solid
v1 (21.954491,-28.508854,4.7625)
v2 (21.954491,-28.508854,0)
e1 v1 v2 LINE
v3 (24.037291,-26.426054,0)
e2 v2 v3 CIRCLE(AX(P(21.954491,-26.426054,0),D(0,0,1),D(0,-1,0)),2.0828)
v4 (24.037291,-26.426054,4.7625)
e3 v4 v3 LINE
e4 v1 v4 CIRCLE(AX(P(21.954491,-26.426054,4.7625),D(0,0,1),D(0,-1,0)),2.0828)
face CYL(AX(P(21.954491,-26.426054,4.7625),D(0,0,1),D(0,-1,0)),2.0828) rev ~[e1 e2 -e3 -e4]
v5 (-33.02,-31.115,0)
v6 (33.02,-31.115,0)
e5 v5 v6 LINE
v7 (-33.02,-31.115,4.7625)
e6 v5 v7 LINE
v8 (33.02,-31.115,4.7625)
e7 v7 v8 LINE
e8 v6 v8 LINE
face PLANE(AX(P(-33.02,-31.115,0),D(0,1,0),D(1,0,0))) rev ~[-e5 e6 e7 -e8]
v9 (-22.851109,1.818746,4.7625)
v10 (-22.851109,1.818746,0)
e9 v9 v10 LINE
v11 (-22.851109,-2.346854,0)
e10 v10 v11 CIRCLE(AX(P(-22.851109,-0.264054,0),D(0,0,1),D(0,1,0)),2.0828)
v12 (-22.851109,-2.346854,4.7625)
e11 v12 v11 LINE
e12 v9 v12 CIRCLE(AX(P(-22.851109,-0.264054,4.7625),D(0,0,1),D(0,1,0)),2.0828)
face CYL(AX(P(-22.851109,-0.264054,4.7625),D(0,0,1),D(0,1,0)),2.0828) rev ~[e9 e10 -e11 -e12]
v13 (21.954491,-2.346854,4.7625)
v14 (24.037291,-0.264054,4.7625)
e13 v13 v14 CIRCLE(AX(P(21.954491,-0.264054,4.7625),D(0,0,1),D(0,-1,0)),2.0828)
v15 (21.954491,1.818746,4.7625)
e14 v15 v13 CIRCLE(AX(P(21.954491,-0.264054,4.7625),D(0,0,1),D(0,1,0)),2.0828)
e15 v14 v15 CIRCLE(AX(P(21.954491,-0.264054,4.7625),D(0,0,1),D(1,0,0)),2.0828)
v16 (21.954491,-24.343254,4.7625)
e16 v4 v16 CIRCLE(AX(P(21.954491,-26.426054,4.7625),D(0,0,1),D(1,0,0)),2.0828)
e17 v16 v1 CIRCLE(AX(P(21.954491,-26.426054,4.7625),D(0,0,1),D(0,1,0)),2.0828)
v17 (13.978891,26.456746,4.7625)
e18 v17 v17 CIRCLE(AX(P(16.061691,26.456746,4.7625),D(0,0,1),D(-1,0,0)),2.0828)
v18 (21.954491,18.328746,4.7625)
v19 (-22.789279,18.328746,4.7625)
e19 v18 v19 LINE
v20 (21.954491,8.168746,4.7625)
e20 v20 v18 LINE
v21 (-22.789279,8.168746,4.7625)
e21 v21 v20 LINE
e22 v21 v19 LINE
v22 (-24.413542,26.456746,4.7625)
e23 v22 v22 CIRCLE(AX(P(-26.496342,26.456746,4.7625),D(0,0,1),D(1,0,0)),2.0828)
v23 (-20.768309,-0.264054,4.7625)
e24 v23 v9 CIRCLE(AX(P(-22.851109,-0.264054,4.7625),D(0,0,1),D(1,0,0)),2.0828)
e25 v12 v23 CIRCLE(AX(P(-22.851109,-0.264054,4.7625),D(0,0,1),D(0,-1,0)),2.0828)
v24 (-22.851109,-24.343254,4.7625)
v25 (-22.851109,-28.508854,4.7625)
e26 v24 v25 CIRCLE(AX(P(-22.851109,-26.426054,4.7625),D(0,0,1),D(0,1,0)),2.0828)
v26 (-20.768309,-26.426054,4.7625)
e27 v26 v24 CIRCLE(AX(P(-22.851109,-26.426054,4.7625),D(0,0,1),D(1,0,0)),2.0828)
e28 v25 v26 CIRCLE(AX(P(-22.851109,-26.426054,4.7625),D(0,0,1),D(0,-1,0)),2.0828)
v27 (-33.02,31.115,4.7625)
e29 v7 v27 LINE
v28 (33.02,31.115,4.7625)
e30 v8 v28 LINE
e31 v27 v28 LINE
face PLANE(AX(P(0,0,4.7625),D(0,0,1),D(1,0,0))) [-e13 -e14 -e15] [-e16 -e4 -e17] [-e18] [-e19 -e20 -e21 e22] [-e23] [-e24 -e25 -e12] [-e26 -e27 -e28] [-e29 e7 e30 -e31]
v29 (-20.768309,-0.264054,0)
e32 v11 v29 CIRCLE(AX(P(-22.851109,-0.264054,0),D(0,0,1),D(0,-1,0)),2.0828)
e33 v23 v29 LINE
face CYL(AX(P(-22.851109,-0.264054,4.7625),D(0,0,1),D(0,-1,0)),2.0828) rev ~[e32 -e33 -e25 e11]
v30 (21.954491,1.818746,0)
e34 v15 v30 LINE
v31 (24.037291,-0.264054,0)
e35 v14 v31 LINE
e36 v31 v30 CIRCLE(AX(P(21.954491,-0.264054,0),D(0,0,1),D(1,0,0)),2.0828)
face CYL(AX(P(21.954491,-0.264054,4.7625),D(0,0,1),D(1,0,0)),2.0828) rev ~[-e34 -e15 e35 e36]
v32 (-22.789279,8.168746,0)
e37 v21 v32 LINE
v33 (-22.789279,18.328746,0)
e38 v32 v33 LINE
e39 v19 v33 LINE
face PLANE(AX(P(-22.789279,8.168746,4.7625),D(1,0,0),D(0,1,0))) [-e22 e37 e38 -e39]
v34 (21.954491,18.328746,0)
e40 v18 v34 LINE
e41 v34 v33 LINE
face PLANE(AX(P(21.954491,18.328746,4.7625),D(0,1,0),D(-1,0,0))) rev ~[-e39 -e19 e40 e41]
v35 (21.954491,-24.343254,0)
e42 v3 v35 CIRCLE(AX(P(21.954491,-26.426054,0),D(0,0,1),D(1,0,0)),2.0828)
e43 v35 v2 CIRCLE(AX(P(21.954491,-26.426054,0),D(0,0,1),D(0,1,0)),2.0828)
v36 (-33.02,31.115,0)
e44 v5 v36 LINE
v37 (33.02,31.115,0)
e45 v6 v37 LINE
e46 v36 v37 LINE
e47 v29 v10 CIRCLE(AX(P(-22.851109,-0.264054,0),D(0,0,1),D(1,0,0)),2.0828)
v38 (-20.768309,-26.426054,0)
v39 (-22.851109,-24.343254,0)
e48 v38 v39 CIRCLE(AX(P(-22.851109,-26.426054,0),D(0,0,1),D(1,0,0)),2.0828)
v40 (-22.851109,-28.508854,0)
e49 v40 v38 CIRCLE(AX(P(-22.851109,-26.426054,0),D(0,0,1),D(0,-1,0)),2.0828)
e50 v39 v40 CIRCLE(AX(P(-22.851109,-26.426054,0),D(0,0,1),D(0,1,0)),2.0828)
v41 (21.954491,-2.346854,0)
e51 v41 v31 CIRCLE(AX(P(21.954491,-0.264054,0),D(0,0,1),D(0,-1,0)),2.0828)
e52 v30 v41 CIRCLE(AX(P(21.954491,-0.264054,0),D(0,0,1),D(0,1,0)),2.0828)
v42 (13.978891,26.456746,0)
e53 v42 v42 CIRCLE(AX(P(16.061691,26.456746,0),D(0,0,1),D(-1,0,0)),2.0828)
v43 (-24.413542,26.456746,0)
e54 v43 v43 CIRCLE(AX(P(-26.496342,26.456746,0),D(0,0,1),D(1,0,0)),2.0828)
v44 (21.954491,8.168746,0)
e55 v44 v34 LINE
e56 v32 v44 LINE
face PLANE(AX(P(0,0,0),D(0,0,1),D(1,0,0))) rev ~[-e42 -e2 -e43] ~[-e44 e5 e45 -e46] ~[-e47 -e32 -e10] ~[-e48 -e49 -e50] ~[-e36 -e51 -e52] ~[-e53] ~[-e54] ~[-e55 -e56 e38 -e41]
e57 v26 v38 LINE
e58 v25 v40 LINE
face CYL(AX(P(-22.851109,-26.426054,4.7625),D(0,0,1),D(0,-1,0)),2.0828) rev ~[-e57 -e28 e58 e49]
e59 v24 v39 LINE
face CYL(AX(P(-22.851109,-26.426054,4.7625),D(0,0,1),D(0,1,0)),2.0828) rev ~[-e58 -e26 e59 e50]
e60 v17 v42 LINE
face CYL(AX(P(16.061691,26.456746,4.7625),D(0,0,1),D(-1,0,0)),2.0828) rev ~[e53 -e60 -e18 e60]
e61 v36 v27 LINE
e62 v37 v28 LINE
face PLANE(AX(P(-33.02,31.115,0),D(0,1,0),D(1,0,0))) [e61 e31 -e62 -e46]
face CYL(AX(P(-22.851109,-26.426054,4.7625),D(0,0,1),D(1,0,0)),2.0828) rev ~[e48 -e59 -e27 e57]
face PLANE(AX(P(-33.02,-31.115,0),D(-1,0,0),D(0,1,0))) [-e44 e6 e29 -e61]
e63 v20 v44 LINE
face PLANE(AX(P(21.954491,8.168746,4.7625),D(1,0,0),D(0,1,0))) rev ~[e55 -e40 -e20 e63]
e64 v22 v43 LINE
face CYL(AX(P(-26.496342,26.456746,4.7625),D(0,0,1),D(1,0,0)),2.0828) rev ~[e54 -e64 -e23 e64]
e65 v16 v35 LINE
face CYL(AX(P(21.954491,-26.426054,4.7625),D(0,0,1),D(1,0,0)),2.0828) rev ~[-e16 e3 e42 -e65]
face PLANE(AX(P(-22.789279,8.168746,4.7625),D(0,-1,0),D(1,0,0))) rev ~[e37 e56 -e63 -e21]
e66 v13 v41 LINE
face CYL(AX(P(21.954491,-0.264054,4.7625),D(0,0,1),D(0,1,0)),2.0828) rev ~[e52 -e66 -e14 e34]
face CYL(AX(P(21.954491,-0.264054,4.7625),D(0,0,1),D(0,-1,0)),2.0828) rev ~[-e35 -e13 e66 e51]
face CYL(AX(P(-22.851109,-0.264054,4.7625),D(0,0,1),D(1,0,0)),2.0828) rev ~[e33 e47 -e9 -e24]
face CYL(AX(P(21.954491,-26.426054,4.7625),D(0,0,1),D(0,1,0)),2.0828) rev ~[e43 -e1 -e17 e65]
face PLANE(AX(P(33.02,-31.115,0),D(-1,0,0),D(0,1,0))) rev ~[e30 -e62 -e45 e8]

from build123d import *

# Parameters (mm, degrees)
F0_W     = 66.04
F0_H     = 62.23
F1_DEPTH = 4.7625
F2_R     = 2.0828
F2_W     = 23.6109700747
F2_H     = 10.16
F2_W_2   = 21.1328
F3_DEPTH = 25.4


with BuildPart() as f1:
    # F0 (on Top) → F1 (new body)
    with BuildSketch(Plane.XY):
        Rectangle(F0_W, F0_H)
    extrude(amount=F1_DEPTH)

    # F2 (on face) → F3 (cut)
    with BuildSketch(Plane.XY.offset(4.7625)):
        with Locations((-26.4963417654, 26.4567458333)):
            Circle(F2_R)
        with BuildLine():
            ThreePointArc((18.1444912354, 26.4567458333), (16.0616912354, 28.5395458333), (13.9788912354, 26.4567458333))
            ThreePointArc((13.9788912354, 26.4567458333), (16.0616912354, 24.3739458333), (18.1444912354, 26.4567458333))
        make_face()
        with BuildLine():
            ThreePointArc((24.0372912354, -0.2640541667), (23.4272532393, 1.2087078372), (21.9544912354, 1.8187458333))
            Line((21.9544912354, 1.8187458333), (21.9544912354, -2.3468541667))
            ThreePointArc((21.9544912354, -2.3468541667), (23.4272532393, -1.7368161705), (24.0372912354, -0.2640541667))
        make_face()
        with BuildLine():
            Line((21.9544912354, -2.3468541667), (21.9544912354, 1.8187458333))
            ThreePointArc((21.9544912354, 1.8187458333), (19.8716912354, -0.2640541667), (21.9544912354, -2.3468541667))
        make_face()
        with BuildLine():
            ThreePointArc((-20.7683087646, -0.2640541667), (-21.3783467607, 1.2087078372), (-22.8511087646, 1.8187458333))
            Line((-22.8511087646, 1.8187458333), (-22.8511087646, -2.3468541667))
            ThreePointArc((-22.8511087646, -2.3468541667), (-21.3783467607, -1.7368161705), (-20.7683087646, -0.2640541667))
        make_face()
        with BuildLine():
            Line((-22.8511087646, -2.3468541667), (-22.8511087646, 1.8187458333))
            ThreePointArc((-22.8511087646, 1.8187458333), (-24.9339087646, -0.2640541667), (-22.8511087646, -2.3468541667))
        make_face()
        with BuildLine():
            Line((-22.8511087646, -24.3432541667), (-22.8511087646, -28.5088541667))
            ThreePointArc((-22.8511087646, -28.5088541667), (-21.3783467607, -27.8988161705), (-20.7683087646, -26.4260541667))
            ThreePointArc((-20.7683087646, -26.4260541667), (-21.3783467607, -24.9532921628), (-22.8511087646, -24.3432541667))
        make_face()
        with BuildLine():
            ThreePointArc((-22.8511087646, -24.3432541667), (-24.9339087646, -26.4260541667), (-22.8511087646, -28.5088541667))
            Line((-22.8511087646, -28.5088541667), (-22.8511087646, -24.3432541667))
        make_face()
        with BuildLine():
            Line((21.9544912354, -24.3432541667), (21.9544912354, -28.5088541667))
            ThreePointArc((21.9544912354, -28.5088541667), (23.4272532393, -27.8988161705), (24.0372912354, -26.4260541667))
            ThreePointArc((24.0372912354, -26.4260541667), (23.4272532393, -24.9532921628), (21.9544912354, -24.3432541667))
        make_face()
        with BuildLine():
            ThreePointArc((21.9544912354, -24.3432541667), (19.8716912354, -26.4260541667), (21.9544912354, -28.5088541667))
            Line((21.9544912354, -28.5088541667), (21.9544912354, -24.3432541667))
        make_face()
        with Locations((-10.9837938019, 13.2487458333)):
            Rectangle(F2_W, F2_H)
        with Locations((11.3880912354, 13.2487458333)):
            Rectangle(F2_W_2, F2_H)
    extrude(amount=-F3_DEPTH, mode=Mode.SUBTRACT)


solid = f1.part
